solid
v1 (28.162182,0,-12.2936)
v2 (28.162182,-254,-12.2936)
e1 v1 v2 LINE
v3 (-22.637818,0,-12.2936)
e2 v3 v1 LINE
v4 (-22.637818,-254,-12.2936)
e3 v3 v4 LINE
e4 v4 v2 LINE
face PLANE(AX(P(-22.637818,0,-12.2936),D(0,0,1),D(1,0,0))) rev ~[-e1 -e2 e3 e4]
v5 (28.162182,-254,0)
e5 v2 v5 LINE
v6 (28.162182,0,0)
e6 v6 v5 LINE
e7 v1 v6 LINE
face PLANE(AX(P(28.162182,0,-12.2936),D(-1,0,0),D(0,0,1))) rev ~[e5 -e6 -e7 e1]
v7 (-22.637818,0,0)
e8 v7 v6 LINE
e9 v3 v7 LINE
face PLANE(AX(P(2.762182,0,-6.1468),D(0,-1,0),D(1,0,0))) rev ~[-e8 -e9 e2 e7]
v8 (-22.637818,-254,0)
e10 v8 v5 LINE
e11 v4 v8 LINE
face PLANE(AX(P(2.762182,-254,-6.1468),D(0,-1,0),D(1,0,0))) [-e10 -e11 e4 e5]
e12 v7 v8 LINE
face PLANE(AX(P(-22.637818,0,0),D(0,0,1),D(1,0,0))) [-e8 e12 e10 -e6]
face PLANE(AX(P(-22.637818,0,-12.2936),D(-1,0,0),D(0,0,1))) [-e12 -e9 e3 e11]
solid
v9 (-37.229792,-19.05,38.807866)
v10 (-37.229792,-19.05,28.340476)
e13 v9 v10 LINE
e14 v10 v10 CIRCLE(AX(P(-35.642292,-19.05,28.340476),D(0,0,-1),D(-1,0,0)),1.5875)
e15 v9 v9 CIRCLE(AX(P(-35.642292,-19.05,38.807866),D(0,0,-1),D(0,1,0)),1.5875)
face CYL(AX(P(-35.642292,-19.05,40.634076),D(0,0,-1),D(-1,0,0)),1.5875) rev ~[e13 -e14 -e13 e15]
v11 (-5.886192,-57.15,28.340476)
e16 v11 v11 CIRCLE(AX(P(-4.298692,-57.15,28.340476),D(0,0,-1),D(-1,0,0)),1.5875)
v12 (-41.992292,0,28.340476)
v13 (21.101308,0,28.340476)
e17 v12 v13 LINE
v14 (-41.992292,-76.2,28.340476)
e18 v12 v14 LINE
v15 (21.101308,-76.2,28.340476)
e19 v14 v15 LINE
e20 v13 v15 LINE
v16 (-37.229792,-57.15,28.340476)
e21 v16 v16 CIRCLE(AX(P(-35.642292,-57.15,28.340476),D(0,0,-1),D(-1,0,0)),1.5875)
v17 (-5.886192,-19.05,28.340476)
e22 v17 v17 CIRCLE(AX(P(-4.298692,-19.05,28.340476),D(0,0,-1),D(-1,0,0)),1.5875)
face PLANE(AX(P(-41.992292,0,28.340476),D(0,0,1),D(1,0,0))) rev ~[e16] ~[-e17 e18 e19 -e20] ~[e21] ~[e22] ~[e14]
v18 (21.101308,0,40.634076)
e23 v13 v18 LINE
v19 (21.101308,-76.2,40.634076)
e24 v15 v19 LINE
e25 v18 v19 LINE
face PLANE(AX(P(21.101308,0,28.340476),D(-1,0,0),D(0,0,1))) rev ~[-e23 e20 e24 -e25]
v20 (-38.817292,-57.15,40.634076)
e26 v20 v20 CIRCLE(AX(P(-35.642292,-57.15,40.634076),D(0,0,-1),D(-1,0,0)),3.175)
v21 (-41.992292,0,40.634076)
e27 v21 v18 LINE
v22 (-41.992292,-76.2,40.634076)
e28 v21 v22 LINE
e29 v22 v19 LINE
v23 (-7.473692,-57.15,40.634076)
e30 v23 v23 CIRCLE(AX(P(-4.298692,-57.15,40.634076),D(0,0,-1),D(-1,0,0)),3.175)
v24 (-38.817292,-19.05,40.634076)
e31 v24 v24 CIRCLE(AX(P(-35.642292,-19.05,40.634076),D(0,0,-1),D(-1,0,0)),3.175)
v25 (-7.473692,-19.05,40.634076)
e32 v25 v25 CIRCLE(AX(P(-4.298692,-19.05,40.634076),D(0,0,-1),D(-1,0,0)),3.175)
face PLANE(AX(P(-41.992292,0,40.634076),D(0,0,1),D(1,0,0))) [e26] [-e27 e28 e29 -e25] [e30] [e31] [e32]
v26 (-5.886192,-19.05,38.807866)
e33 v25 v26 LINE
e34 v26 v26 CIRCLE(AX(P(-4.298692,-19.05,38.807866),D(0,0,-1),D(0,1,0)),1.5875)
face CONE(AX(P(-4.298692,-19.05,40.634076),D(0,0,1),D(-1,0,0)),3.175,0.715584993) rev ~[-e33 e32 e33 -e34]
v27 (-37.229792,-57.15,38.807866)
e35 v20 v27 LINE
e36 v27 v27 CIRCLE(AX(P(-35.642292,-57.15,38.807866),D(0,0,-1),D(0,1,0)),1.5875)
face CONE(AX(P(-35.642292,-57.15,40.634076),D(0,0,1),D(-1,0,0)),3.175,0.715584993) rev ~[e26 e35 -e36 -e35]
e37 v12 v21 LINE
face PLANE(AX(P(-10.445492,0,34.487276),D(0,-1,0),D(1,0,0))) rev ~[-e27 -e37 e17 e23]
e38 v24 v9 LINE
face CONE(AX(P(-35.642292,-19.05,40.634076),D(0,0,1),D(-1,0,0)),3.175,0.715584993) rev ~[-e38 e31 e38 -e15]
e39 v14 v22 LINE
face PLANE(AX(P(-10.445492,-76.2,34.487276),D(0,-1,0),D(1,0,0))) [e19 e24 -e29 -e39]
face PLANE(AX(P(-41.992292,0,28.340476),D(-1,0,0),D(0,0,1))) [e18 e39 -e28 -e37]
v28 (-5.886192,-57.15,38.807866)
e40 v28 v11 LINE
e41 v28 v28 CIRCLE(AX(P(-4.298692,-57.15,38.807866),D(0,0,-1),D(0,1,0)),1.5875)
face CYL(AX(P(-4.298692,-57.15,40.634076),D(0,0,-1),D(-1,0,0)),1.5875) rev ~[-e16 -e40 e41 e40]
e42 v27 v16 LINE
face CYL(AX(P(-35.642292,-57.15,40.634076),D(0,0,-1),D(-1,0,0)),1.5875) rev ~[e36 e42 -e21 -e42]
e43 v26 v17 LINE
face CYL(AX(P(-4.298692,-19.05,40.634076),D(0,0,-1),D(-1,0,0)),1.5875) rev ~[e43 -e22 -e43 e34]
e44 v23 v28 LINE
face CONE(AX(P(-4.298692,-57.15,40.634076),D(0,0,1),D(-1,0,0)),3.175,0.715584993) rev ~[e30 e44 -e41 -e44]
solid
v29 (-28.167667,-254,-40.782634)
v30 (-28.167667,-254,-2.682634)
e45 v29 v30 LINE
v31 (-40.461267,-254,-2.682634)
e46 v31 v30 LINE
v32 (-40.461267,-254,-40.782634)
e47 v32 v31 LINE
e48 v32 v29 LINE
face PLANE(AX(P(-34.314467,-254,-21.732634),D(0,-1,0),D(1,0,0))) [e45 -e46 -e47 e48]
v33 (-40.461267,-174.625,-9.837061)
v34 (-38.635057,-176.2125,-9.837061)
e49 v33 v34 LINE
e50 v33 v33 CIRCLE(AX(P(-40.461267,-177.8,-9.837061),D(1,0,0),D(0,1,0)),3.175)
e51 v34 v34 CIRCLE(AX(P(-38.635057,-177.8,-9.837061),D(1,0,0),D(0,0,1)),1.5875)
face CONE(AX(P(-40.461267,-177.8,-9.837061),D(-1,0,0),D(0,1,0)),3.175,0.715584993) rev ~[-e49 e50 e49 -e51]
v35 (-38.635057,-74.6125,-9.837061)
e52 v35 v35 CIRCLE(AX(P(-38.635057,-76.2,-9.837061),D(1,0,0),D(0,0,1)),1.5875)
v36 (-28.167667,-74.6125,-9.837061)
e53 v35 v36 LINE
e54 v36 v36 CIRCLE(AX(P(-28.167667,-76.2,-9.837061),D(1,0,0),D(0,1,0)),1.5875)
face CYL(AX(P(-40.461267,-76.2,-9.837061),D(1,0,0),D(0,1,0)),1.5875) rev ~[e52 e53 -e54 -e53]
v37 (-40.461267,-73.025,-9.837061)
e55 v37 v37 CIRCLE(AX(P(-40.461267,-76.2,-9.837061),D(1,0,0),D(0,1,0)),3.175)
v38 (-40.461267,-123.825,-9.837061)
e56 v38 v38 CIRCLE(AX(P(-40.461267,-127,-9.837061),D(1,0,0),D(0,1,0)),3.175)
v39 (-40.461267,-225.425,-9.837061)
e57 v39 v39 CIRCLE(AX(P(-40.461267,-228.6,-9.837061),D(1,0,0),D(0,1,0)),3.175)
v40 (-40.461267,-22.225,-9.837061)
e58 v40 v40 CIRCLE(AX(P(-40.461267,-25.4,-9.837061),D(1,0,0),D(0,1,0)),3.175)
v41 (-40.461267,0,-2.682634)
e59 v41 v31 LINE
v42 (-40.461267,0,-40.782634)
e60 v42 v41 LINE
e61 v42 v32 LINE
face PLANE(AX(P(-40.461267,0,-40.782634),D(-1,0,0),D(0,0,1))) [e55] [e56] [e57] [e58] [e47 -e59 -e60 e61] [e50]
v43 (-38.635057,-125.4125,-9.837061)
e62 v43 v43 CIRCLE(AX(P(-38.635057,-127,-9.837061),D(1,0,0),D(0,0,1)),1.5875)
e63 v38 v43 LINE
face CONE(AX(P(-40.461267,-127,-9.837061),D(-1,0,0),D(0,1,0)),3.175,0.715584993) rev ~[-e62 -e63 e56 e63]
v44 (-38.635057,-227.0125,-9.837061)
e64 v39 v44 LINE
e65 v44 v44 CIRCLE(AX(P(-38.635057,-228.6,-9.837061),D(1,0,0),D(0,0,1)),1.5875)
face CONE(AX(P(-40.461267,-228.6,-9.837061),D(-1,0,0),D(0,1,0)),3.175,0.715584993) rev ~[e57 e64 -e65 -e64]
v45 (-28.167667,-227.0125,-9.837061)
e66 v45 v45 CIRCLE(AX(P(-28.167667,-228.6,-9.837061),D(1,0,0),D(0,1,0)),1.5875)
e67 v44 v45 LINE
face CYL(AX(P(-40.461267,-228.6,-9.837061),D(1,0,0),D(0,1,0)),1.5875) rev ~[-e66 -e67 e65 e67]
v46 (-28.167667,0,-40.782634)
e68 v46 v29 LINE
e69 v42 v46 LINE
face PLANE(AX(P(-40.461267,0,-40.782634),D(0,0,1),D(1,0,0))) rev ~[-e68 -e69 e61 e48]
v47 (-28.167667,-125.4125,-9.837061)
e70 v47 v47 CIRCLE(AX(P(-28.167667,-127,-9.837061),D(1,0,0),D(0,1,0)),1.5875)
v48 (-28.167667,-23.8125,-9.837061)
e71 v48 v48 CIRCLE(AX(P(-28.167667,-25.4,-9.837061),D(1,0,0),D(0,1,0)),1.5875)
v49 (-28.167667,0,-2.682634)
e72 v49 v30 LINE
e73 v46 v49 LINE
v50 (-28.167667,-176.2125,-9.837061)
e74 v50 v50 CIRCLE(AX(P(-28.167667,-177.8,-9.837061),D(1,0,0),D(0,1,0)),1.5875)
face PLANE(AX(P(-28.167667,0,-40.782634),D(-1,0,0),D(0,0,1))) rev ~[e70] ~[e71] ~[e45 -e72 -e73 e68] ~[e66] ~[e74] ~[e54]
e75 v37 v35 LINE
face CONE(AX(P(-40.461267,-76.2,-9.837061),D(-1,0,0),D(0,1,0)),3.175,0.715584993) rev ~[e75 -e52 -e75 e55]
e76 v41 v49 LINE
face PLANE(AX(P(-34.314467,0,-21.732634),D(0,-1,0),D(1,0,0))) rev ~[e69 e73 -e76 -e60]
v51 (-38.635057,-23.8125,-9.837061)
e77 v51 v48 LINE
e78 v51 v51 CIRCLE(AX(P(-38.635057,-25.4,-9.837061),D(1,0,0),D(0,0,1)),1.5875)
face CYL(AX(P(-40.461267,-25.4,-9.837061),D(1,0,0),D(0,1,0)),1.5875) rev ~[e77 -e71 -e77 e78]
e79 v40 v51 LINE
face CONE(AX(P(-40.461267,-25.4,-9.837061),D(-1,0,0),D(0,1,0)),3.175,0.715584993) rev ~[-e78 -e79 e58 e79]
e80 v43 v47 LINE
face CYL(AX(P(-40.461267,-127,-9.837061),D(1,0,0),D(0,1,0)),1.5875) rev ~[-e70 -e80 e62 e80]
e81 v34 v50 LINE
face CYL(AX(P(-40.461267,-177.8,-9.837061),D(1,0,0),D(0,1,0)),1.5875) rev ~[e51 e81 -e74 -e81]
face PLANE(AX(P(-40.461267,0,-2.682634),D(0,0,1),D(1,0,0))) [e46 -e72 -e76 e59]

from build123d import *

# Parameters (mm, degrees)
F0_W           = 12.2936
F0_H           = 38.1
F0_W_2         = 50.8
F0_H_2         = 12.2936
F1_DEPTH       = 254
F0_W_3         = 63.0936
F2_DEPTH       = 76.2
F4_D           = 3.175
F4_DEPTH       = 12.7
F4_CSINK_D     = 6.35
F4_CSINK_ANGLE = 82
F6_D           = 3.175
F6_DEPTH       = 12.7
F6_CSINK_D     = 6.35
F6_CSINK_ANGLE = 82


with BuildPart() as f1:
    # F0 (on Front) → F1 (new body)
    with BuildSketch(Plane.XZ):
        with Locations((-34.314467, -21.732634)):
            Rectangle(F0_W, F0_H)
        with Locations((2.762182, -6.1468)):
            Rectangle(F0_W_2, F0_H_2)
    extrude(amount=F1_DEPTH)

    # F4
    with Locations(Plane(origin=(-40.461267, 0, 0), x_dir=(0, -1, 0), z_dir=(-1, 0, 0))):
        with Locations((25.4, -9.837061), (76.2, -9.837061), (127, -9.837061), (177.8, -9.837061), (228.6, -9.837061)):
            CounterSinkHole(F4_D / 2, F4_CSINK_D / 2, depth=F4_DEPTH, counter_sink_angle=F4_CSINK_ANGLE)


with BuildPart() as f2:
    # F0 (on Front) → F2 (new body)
    with BuildSketch(Plane.XZ):
        with Locations((-10.445492, 34.487276)):
            Rectangle(F0_W_3, F0_H_2)
    extrude(amount=F2_DEPTH)

    # F6
    with Locations(Plane.XY.offset(40.634076)):
        with Locations((-4.298692, -19.05), (-4.298692, -57.15), (-35.642292, -19.05), (-35.642292, -57.15)):
            CounterSinkHole(F6_D / 2, F6_CSINK_D / 2, depth=F6_DEPTH, counter_sink_angle=F6_CSINK_ANGLE)


solid = Compound([f1.part, f2.part])
